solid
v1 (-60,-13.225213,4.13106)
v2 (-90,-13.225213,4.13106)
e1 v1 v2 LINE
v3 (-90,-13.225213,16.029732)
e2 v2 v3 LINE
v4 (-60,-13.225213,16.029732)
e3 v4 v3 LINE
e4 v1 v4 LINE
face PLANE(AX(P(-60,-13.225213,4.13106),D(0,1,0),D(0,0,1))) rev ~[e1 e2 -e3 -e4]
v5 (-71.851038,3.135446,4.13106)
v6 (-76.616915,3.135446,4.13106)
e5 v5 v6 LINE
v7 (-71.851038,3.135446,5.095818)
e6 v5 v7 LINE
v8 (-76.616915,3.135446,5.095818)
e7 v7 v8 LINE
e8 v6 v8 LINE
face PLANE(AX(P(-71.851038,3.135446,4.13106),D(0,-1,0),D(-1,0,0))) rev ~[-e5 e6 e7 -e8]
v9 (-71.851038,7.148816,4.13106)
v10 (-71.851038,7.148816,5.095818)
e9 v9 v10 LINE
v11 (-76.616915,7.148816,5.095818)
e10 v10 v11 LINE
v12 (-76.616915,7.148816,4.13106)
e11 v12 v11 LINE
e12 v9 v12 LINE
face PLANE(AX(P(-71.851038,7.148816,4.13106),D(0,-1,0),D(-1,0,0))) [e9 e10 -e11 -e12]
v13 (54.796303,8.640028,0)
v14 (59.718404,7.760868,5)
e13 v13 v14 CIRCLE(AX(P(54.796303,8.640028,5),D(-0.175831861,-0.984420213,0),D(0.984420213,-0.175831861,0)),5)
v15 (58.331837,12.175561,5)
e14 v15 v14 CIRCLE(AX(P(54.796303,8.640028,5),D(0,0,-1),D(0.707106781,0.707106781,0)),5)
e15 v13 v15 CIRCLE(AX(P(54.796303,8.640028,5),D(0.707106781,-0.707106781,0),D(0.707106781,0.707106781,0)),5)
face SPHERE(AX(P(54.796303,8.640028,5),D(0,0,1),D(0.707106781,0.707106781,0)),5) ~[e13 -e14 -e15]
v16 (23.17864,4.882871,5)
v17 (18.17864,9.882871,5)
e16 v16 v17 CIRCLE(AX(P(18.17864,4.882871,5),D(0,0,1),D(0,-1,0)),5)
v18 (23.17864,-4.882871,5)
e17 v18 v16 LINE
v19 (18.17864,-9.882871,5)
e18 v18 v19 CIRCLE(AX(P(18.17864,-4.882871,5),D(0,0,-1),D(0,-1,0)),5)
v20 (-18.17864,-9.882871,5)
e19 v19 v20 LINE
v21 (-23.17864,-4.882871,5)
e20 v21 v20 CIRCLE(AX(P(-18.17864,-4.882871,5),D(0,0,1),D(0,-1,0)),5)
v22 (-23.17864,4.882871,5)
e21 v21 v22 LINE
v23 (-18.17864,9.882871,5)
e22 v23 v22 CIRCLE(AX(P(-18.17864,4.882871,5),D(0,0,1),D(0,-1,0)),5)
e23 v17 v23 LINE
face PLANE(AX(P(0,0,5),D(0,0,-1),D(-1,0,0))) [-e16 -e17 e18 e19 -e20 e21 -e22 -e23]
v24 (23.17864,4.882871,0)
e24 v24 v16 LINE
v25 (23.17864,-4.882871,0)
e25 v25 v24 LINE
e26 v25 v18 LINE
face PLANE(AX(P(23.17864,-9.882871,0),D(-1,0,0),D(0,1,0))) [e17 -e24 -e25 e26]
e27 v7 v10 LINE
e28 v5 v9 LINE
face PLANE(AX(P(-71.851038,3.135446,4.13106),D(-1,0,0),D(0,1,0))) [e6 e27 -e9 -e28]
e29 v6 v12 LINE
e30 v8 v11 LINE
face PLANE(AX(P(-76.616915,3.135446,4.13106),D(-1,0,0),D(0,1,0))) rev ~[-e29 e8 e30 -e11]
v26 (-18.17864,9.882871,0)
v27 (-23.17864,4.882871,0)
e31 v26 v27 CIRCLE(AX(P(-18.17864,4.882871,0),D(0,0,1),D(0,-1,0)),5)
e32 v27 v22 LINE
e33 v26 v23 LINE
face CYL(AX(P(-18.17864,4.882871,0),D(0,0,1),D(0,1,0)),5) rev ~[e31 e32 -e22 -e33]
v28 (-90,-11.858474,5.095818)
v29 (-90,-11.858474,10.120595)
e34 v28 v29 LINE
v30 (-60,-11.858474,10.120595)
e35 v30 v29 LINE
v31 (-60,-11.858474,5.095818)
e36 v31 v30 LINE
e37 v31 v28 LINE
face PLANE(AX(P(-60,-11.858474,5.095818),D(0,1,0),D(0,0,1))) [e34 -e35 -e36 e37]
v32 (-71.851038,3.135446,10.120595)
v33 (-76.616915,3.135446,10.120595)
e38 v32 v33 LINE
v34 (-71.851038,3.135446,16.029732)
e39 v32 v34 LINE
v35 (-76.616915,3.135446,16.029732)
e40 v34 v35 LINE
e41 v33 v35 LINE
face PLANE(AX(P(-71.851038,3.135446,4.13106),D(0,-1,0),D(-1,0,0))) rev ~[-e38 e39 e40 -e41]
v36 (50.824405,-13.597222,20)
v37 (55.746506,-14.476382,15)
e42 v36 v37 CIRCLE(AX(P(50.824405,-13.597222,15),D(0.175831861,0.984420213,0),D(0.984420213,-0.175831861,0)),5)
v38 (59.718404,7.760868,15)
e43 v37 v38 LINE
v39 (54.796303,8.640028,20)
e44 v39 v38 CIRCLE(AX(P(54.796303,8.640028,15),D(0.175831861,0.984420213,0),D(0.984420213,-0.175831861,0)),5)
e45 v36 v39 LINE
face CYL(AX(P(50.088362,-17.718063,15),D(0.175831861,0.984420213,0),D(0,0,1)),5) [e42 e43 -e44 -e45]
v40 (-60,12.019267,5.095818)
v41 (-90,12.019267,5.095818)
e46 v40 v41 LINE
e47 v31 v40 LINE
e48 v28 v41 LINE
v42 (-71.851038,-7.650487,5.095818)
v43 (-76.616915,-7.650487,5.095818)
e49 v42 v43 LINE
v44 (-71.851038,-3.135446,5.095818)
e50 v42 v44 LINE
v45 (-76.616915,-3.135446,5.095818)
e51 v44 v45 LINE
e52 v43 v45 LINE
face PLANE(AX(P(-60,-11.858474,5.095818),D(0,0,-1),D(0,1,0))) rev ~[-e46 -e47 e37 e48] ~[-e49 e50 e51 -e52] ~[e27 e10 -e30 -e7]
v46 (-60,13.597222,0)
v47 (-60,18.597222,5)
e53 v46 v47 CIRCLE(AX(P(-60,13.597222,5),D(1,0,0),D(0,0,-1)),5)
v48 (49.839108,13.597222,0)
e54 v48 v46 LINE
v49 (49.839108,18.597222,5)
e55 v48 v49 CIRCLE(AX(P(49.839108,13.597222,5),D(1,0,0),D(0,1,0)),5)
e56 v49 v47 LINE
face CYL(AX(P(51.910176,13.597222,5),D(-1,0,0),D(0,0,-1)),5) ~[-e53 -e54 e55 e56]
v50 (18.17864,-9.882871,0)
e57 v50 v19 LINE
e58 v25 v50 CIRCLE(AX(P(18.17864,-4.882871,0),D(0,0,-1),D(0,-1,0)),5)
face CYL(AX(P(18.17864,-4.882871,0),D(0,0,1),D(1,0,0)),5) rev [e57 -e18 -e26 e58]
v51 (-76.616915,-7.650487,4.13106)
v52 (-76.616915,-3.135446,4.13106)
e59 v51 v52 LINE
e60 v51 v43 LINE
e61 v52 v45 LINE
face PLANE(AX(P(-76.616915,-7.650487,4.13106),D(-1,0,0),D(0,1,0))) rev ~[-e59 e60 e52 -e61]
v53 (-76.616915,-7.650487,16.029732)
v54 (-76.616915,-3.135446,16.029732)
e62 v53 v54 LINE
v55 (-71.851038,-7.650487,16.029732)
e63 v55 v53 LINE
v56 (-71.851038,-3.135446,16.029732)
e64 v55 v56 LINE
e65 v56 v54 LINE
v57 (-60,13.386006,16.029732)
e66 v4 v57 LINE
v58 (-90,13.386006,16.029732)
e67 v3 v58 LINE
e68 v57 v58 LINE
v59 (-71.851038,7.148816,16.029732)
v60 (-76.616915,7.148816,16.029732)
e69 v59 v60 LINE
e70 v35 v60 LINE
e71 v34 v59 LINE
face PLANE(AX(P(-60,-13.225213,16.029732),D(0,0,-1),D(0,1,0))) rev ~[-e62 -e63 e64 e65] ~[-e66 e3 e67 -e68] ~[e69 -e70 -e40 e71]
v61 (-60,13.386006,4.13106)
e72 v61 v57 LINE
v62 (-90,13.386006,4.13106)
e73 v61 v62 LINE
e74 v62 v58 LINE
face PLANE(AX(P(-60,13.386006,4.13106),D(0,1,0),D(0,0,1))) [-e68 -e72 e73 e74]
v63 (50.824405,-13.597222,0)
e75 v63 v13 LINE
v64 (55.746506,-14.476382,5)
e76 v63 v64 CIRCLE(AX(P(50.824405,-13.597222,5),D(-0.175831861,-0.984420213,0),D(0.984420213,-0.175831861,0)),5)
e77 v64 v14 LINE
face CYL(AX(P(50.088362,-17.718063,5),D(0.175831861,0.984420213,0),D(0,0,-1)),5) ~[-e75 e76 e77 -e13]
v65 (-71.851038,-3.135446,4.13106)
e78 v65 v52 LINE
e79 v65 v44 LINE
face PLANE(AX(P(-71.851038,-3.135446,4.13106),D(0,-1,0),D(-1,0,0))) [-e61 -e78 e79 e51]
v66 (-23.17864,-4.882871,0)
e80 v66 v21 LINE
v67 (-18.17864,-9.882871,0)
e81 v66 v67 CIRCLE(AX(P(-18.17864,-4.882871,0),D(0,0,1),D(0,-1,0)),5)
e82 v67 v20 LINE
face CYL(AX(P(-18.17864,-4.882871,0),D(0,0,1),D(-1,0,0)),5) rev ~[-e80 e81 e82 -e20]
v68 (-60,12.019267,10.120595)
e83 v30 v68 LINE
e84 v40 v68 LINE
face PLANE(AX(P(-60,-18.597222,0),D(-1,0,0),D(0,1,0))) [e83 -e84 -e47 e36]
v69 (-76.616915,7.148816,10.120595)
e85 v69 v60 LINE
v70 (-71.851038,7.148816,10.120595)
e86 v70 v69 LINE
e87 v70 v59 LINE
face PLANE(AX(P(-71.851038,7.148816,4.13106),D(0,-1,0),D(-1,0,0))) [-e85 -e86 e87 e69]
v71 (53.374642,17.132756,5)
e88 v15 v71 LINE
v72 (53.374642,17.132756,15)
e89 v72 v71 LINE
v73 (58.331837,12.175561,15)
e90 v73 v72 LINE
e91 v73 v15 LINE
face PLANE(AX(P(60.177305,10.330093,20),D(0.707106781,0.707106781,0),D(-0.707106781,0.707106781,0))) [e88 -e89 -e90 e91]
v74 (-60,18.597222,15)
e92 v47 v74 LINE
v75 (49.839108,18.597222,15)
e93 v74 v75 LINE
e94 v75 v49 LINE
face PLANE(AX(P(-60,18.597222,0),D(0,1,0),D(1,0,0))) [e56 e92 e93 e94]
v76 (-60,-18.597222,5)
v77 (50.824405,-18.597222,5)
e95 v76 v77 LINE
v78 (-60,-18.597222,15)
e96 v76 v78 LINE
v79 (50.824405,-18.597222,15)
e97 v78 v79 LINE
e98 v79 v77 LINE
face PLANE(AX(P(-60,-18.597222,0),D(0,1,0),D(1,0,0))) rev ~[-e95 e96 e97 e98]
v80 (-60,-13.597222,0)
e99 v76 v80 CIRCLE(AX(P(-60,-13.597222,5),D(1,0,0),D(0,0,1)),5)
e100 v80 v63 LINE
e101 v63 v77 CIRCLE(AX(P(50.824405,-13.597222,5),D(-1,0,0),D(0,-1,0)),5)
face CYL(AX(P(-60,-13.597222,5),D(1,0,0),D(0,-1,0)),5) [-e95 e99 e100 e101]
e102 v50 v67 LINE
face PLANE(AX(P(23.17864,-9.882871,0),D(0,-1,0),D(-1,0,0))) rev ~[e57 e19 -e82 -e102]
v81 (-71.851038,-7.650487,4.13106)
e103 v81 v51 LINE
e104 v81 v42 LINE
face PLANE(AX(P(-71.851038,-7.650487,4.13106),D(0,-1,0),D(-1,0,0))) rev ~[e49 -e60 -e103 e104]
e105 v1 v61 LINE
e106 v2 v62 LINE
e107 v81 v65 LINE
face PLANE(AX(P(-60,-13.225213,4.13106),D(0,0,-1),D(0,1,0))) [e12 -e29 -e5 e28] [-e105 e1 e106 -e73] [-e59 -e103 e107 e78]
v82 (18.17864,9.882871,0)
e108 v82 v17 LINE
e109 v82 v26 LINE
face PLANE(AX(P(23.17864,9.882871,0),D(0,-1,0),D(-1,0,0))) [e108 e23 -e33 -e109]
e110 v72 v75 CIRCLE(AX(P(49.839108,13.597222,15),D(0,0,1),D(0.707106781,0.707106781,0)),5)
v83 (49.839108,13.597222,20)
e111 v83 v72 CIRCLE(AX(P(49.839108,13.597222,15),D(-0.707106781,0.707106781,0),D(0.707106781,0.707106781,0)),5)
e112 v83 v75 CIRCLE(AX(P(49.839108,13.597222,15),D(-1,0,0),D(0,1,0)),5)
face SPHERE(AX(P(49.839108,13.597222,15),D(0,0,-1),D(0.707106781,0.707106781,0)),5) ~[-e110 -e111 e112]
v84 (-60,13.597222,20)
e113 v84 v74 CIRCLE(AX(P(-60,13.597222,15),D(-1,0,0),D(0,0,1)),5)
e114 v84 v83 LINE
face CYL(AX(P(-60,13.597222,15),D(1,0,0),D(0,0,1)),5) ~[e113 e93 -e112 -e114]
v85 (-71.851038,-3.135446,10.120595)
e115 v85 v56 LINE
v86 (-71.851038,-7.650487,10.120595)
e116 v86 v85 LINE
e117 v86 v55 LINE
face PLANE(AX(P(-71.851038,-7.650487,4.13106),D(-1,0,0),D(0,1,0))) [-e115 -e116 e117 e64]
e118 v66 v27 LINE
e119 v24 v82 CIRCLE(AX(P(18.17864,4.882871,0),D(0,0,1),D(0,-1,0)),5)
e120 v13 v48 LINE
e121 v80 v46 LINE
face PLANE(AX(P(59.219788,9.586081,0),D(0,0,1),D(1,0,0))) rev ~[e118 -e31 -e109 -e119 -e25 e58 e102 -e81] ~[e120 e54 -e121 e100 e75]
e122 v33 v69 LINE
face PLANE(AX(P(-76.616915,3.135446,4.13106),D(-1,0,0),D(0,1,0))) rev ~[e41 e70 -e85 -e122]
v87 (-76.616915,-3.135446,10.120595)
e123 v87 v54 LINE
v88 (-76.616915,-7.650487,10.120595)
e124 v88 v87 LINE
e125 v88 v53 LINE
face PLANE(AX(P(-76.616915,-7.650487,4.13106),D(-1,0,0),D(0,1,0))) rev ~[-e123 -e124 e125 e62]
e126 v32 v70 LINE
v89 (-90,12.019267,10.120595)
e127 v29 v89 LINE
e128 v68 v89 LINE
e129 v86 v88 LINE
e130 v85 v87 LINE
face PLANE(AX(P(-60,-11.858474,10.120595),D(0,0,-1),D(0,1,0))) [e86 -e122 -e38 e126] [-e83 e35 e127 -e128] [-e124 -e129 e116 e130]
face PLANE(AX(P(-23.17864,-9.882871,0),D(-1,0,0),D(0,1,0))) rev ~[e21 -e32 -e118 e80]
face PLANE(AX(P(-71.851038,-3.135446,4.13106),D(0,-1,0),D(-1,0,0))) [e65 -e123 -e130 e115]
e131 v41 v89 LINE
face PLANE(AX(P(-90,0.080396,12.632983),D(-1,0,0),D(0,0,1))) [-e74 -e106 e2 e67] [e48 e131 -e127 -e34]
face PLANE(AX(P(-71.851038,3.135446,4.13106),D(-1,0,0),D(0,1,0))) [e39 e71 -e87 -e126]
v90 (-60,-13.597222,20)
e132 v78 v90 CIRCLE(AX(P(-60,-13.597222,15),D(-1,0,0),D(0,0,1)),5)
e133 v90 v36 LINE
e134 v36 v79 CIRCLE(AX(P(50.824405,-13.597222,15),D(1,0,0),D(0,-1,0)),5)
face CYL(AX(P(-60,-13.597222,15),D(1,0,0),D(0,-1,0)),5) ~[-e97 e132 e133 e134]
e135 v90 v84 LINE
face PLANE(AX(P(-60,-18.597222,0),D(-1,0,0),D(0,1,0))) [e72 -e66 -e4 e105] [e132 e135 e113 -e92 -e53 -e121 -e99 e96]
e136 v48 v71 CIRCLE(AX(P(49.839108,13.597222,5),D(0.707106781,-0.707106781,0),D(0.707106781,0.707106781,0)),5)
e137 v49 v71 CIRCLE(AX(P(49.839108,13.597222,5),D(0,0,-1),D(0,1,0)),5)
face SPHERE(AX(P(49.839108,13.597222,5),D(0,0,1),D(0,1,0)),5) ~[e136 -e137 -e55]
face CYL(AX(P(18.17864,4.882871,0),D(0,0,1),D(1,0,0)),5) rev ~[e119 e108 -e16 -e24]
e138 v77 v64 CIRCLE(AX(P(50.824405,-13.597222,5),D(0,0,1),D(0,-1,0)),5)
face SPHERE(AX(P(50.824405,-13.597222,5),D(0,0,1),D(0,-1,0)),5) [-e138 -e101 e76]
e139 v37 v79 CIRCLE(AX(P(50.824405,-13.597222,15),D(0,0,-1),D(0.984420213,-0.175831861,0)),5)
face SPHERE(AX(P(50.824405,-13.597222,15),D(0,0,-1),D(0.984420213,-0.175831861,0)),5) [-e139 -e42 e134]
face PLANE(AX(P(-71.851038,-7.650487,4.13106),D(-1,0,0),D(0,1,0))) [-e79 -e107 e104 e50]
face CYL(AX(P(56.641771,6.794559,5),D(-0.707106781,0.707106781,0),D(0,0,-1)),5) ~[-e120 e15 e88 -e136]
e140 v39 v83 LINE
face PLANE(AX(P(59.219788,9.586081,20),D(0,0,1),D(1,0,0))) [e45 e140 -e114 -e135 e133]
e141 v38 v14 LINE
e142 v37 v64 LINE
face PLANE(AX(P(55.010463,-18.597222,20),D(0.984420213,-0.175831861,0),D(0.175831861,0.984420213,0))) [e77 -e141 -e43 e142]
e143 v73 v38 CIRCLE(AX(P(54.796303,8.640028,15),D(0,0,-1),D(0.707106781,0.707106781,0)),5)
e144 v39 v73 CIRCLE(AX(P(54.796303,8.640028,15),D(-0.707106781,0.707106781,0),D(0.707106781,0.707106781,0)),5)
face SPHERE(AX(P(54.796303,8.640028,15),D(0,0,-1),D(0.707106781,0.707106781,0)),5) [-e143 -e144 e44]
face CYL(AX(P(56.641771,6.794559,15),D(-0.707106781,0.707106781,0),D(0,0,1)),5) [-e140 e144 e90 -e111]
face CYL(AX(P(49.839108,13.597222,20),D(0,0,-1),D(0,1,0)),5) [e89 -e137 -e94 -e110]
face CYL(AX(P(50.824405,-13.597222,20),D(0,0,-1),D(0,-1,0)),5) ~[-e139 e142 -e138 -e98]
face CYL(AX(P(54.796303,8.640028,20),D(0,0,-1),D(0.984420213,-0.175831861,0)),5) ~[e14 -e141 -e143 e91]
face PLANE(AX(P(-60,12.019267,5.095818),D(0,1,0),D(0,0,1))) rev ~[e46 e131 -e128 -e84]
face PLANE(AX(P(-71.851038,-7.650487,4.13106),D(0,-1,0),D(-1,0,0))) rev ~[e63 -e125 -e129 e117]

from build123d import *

# Parameters (mm, degrees)
SKETCH1_W           = 120
SKETCH1_H           = 37.194444444
BOSS_EXTRUDE4_DEPTH = 20
CUT_EXTRUDE15_DEPTH = 23
SKETCH10_W          = 11.898671916
SKETCH10_H          = 26.611218947
SKETCH10_W_2        = 10.049553983
SKETCH10_H_2        = 23.877740264
BOSS_EXTRUDE5_DEPTH = 30
SKETCH11_W          = 5.024776991
SKETCH11_H          = 23.877740264
BOSS_EXTRUDE6_DEPTH = 30
SKETCH12_W          = 4.765877192
SKETCH12_H          = 4.013370267
SKETCH12_H_2        = 4.515041551
CUT_EXTRUDE16_DEPTH = 16.868939526
FILLET2_R           = 5
SKETCH16_W          = 46.35727902
SKETCH16_H          = 19.765742142
CUT_EXTRUDE17_DEPTH = 5
FILLET3_R           = 5


with BuildPart() as part:
    # Sketch1 → Boss-Extrude4 (new body)
    with BuildSketch(Plane.XY):
        Polygon((36.833333333, 25.458333333), (36.833333333, 18.597222222), (60, 18.597222222), (60, -18.597222222), (68.25, -18.597222222), (72.583333333, 25.458333333), align=None)
        Rectangle(SKETCH1_W, SKETCH1_H)
    extrude(amount=BOSS_EXTRUDE4_DEPTH)

    # Sketch6 → Cut-Extrude15 (cut)
    with BuildSketch(Plane.XY.offset(20)):
        Polygon((51.910176302, 18.597222222), (36.833333333, 18.597222222), (36.833333333, 25.458333333), (72.583333333, 25.458333333), (68.25, -18.597222222), (55.010463364, -18.597222222), (60.177305366, 10.330093158), align=None)
    extrude(amount=-CUT_EXTRUDE15_DEPTH, mode=Mode.SUBTRACT)

    # Sketch10 → Boss-Extrude5 (add)
    with BuildSketch(Plane.ZY.offset(60)):
        with Locations((10.080396432, 0.080396432)):
            Rectangle(SKETCH10_W, SKETCH10_H)
        with Locations((10.120594648, 0.080396432)):
            Rectangle(SKETCH10_W_2, SKETCH10_H_2, mode=Mode.SUBTRACT)
    extrude(amount=BOSS_EXTRUDE5_DEPTH)

    # Sketch11 → Boss-Extrude6 (add)
    with BuildSketch(Plane.ZY.offset(60)):
        with Locations((12.632983144, 0.080396432)):
            Rectangle(SKETCH11_W, SKETCH11_H)
    extrude(amount=BOSS_EXTRUDE6_DEPTH)

    # Sketch12 → Cut-Extrude16 (cut, through all)
    with BuildSketch(Plane(origin=(0, 0, 4.131060474), x_dir=(-1, 0, 0), z_dir=(0, 0, -1))):
        with Locations((74.233976577, 5.142130655)):
            Rectangle(SKETCH12_W, SKETCH12_H)
        with Locations((74.233976577, -5.392966297)):
            Rectangle(SKETCH12_W, SKETCH12_H_2)
    extrude(amount=-CUT_EXTRUDE16_DEPTH, mode=Mode.SUBTRACT)

    # Fillet2
    fillet2_edges = [part.edges().sort_by_distance(p)[0] for p in [
        (-2.494768318, -18.597222222, 0),
        (56.043740834, 14.46365769, 0),
        (57.593884365, -4.133564532, 0),
        (-4.044911849, 18.597222222, 20),
        (-2.494768318, -18.597222222, 20),
        (55.010463364, -18.597222222, 10),
        (60.177305366, 10.330093158, 10),
        (51.910176302, 18.597222222, 10),
        (56.043740834, 14.46365769, 20),
        (57.593884365, -4.133564532, 20),
        (-4.044911849, 18.597222222, 0),
    ]]
    fillet(fillet2_edges, radius=FILLET2_R)

    # Sketch16 → Cut-Extrude17 (cut)
    with BuildSketch(Plane(origin=(0, 0, 0), x_dir=(-1, 0, 0), z_dir=(0, 0, -1))):
        Rectangle(SKETCH16_W, SKETCH16_H)
    extrude(amount=-CUT_EXTRUDE17_DEPTH, mode=Mode.SUBTRACT)

    # Fillet3
    fillet3_edges = [part.edges().sort_by_distance(p)[0] for p in [
        (23.17863951, -9.882871071, 2.5),
        (23.17863951, 9.882871071, 2.5),
        (-23.17863951, 9.882871071, 2.5),
        (-23.17863951, -9.882871071, 2.5),
    ]]
    fillet(fillet3_edges, radius=FILLET3_R)


solid = part.part
